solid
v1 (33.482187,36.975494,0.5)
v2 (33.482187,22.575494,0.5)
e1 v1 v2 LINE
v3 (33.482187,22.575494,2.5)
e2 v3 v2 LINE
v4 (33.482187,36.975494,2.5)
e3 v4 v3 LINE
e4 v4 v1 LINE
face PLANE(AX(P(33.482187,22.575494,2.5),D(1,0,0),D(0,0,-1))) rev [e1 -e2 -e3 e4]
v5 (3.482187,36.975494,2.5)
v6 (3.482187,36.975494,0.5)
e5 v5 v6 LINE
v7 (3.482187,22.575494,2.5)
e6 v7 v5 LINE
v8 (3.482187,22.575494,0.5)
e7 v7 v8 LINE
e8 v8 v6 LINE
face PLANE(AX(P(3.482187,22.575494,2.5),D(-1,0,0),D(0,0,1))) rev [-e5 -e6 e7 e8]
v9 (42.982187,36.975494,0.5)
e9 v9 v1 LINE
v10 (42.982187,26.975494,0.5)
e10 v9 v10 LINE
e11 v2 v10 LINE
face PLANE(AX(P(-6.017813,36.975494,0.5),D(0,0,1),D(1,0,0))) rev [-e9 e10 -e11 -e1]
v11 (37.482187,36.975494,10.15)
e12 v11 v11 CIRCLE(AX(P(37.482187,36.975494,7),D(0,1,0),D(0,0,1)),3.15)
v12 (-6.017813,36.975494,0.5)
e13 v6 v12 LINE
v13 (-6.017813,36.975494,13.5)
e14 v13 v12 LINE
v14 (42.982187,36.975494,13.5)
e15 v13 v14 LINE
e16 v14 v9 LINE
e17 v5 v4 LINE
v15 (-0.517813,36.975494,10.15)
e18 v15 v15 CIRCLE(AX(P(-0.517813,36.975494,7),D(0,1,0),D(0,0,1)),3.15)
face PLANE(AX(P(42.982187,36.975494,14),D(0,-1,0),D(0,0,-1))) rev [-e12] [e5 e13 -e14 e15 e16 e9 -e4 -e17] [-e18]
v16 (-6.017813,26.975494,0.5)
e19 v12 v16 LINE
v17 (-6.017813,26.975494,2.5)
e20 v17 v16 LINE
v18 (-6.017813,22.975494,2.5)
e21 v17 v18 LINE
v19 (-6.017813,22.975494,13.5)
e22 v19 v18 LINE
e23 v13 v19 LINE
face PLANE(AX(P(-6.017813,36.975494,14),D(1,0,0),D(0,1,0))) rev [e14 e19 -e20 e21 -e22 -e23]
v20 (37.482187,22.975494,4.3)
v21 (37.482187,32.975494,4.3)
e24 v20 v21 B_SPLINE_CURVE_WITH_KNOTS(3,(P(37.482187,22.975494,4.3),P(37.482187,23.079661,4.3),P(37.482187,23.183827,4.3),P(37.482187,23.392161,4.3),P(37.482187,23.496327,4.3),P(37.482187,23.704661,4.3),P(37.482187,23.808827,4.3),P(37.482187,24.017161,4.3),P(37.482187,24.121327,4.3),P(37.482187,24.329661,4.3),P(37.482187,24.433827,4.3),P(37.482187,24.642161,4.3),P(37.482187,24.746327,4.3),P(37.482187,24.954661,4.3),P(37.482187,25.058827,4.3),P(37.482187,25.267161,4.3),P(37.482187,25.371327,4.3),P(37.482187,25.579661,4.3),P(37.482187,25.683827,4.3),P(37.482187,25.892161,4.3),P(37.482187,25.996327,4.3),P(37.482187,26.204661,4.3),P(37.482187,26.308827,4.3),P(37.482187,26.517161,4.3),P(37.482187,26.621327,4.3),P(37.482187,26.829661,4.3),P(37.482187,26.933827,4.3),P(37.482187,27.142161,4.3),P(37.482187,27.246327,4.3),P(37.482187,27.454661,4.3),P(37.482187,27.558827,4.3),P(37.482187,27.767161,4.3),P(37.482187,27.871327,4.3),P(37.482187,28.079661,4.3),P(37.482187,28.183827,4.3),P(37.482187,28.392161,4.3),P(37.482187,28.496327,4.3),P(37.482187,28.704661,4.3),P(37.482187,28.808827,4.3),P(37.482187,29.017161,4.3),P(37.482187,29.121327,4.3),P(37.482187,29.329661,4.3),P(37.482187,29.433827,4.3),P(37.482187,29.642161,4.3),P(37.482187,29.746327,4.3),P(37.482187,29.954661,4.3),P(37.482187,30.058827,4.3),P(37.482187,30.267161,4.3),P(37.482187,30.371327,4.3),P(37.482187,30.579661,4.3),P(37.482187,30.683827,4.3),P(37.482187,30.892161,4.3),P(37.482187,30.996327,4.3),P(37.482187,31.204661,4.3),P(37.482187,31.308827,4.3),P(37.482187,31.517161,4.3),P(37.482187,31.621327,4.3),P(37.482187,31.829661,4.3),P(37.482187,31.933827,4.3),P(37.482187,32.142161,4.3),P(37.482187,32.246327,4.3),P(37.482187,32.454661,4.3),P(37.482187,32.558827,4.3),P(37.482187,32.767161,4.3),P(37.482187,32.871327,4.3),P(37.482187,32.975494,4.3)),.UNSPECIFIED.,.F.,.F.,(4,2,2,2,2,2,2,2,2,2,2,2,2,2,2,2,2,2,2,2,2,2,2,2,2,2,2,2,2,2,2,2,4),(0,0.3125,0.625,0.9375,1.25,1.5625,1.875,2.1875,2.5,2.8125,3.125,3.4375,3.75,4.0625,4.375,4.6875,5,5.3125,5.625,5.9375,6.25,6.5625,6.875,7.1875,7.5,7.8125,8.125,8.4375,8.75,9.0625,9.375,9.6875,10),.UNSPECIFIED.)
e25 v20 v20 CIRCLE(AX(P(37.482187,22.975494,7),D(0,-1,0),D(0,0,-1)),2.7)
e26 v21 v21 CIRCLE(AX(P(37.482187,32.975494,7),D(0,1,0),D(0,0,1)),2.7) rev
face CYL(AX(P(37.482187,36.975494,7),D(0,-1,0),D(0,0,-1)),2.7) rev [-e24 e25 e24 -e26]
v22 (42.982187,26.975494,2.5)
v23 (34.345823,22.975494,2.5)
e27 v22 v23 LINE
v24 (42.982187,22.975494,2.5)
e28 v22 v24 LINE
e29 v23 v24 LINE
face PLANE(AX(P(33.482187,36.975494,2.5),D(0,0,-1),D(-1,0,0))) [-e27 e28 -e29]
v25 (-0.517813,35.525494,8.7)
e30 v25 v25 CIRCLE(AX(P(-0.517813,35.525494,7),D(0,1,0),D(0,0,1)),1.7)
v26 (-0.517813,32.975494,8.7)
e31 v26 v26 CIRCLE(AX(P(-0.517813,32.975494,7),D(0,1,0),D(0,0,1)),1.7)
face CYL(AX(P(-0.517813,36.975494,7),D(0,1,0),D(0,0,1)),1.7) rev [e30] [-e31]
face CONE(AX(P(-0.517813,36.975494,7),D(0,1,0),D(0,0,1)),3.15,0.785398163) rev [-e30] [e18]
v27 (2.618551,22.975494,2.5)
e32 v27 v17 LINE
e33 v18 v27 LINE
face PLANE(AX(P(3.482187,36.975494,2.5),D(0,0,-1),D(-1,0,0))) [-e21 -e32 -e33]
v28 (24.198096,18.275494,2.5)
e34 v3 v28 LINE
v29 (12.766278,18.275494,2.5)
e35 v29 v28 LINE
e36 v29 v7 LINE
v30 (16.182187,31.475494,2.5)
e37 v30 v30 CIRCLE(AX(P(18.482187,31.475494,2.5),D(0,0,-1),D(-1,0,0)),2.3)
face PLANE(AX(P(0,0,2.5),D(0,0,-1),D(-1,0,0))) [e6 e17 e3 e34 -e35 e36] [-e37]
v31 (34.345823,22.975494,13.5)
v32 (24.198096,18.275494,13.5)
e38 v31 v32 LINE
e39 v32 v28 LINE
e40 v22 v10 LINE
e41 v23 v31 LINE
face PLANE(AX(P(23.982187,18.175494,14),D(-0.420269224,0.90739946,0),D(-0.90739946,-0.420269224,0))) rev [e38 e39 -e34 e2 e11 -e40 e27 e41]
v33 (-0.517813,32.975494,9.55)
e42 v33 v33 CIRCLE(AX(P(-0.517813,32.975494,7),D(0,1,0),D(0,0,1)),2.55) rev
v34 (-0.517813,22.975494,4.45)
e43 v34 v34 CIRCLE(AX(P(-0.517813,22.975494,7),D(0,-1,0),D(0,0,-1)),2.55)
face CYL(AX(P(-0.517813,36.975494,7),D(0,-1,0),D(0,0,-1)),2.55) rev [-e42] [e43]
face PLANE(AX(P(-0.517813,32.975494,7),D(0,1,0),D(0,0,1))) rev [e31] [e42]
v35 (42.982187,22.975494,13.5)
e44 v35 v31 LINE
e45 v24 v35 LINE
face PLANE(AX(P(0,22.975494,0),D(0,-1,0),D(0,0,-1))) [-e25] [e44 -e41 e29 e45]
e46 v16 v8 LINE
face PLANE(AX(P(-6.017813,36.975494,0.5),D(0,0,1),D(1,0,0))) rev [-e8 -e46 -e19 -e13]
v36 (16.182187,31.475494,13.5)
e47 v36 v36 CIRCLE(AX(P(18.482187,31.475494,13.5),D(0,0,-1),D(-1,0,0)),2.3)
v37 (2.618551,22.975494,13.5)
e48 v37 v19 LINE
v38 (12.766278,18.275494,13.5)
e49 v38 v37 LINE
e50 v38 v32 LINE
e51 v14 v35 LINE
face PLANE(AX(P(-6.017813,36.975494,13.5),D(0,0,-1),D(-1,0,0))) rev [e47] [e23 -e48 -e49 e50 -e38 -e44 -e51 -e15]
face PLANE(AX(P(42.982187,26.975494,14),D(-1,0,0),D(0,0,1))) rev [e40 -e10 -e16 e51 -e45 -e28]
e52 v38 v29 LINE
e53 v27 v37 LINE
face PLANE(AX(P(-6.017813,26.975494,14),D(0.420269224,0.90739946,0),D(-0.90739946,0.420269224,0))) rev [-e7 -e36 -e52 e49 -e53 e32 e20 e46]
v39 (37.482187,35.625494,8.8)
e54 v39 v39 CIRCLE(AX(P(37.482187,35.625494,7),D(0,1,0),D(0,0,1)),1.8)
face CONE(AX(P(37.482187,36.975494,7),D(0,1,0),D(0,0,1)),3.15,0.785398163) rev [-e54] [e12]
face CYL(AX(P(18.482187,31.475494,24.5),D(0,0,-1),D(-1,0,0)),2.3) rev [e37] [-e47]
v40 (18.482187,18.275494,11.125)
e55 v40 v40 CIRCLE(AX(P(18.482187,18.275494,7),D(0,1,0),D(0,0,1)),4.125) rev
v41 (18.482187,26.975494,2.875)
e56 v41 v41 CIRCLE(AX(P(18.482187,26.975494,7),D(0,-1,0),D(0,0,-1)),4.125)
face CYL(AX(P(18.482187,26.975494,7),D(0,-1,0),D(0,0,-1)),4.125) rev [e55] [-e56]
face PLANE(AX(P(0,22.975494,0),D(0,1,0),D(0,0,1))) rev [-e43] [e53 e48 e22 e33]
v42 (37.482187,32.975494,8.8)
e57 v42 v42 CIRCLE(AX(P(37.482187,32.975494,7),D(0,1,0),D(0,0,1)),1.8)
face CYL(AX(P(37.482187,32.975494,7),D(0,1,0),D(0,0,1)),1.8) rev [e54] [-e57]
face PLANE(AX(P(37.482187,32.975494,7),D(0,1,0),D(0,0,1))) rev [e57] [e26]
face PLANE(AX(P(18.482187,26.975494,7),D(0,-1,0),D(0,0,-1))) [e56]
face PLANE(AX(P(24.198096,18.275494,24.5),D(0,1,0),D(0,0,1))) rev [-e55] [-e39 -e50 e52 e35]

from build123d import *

# Parameters (mm, degrees)
BOSS_EXTRUDE1_DEPTH                             = 14
SKETCH3_R                                       = 4.125
CUT_EXTRUDE1_DEPTH                              = 8.8
SKETCH8_R                                       = 2.7
CUT_EXTRUDE3_DEPTH                              = 49.958231273
SKETCH11_W                                      = 49
SKETCH11_H                                      = 0.5
CUT_EXTRUDE6_DEPTH                              = 49.958231273
BOSS_EXTRUDE2_START                             = -4
SKETCH12_R                                      = 2.7
SKETCH12_R_2                                    = 1.5
SKETCH12_R_3                                    = 1.8
BOSS_EXTRUDE2_DEPTH                             = 4
CUT_EXTRUDE7_DEPTH                              = 2
BOSS_EXTRUDE3_START                             = 5
SKETCH18_R                                      = 2.7
SKETCH18_R_2                                    = 2.4
BOSS_EXTRUDE3_DEPTH                             = 5
SKETCH17_R                                      = 2.3
SKETCH17_W                                      = 11.431818182
SKETCH17_H                                      = 0.1
CUT_EXTRUDE8_DEPTH                              = 22
BOSS_EXTRUDE4_DEPTH                             = 4
BOSS_EXTRUDE4_DEPTH_BACK                        = 10
SKETCH20_W                                      = 9.5
SKETCH20_H                                      = 11
SKETCH20_R                                      = 2.7
SKETCH20_R_2                                    = 2.55
CUT_EXTRUDE9_START                              = -10
SKETCH21_R                                      = 2.55
SKETCH21_R_2                                    = 2.7
CUT_EXTRUDE9_DEPTH                              = 10
CSK_FOR_M3_FLAT_HEAD_MACHINE_SCREW1_D           = 3.4
CSK_FOR_M3_FLAT_HEAD_MACHINE_SCREW1_CSINK_D     = 6.3
CSK_FOR_M3_FLAT_HEAD_MACHINE_SCREW1_CSINK_ANGLE = 90


with BuildPart() as part:
    # Sketch2 → Boss-Extrude1 (new body)
    with BuildSketch(Plane.XY):
        Polygon((12.982187117, 18.175494031), (23.982187117, 18.175494031), (42.982187117, 26.975494031), (42.982187117, 36.975494031), (-6.017812883, 36.975494031), (-6.017812883, 26.975494031), align=None)
    extrude(amount=BOSS_EXTRUDE1_DEPTH)

    # Sketch3 → Cut-Extrude1 (cut)
    with BuildSketch(Plane.XZ.offset(-18.175494031)):
        with Locations(Location((18.482187117, 7, 0), (0, 0, 270))):
            Circle(SKETCH3_R)
    extrude(amount=-CUT_EXTRUDE1_DEPTH, mode=Mode.SUBTRACT)

    # Sketch8 → Cut-Extrude3 (cut, through all)
    with BuildSketch(Plane.XZ.offset(-18.175494031)):
        with Locations(Location((37.482187117, 7, 0), (0, 0, 270))):
            Circle(SKETCH8_R)
        with Locations(Location((-0.517812883, 7, 0), (0, 0, 270))):
            Circle(SKETCH8_R)
    extrude(amount=-CUT_EXTRUDE3_DEPTH, mode=Mode.SUBTRACT)

    # Sketch11 → Cut-Extrude6 (cut, through all)
    with BuildSketch(Plane.XZ.offset(-18.175494031)):
        with Locations((18.482187117, 13.75)):
            Rectangle(SKETCH11_W, SKETCH11_H)
        with Locations((18.482187117, 0.25)):
            Rectangle(SKETCH11_W, SKETCH11_H)
    extrude(amount=-CUT_EXTRUDE6_DEPTH, mode=Mode.SUBTRACT)

    # Sketch12 → Boss-Extrude2 (add)
    # profile 1 of 2: a face of its own
    with BuildSketch(Plane(origin=(0, 36.975494031, 0), x_dir=(1, 0, 0), z_dir=(0, 1, 0)).offset(BOSS_EXTRUDE2_START)):
        with Locations((-0.517812883, -7)):
            Circle(SKETCH12_R)
        with Locations(Location((-0.517812883, -7, 0), (0, 0, 270))):
            Circle(SKETCH12_R_2, mode=Mode.SUBTRACT)
    # profile 2 of 2: a face of its own
    with BuildSketch(Plane(origin=(0, 36.975494031, 0), x_dir=(1, 0, 0), z_dir=(0, 1, 0)).offset(BOSS_EXTRUDE2_START)):
        with Locations(Location((37.482187117, -7, 0), (0, 0, 180))):
            Circle(SKETCH12_R)
        with Locations(Location((37.482187117, -7, 0), (0, 0, 270))):
            Circle(SKETCH12_R_3, mode=Mode.SUBTRACT)
    extrude(amount=BOSS_EXTRUDE2_DEPTH)

    # Sketch15 → Cut-Extrude7 (cut)
    with BuildSketch(Plane(origin=(0, 0, 0.5), x_dir=(-1, 0, 0), z_dir=(0, 0, -1))):
        Polygon((-33.482187117, 22.575494031), (-33.482187117, 36.975494031), (-3.482187117, 36.975494031), (-3.482187117, 22.575494031), (-12.982187117, 18.175494031), (-23.982187117, 18.175494031), align=None)
    extrude(amount=-CUT_EXTRUDE7_DEPTH, mode=Mode.SUBTRACT)

    # Sketch18 → Boss-Extrude3 (add)
    # profile 1 of 2: a face of its own
    with BuildSketch(Plane.XZ.offset(-32.975494031).offset(BOSS_EXTRUDE3_START)):
        with Locations(Location((37.482187117, 7, 0), (0, 0, 270))):
            Circle(SKETCH18_R)
        with Locations(Location((37.482187117, 7, 0), (0, 0, 270))):
            Circle(SKETCH18_R_2, mode=Mode.SUBTRACT)
    # profile 2 of 2: a face of its own
    with BuildSketch(Plane.XZ.offset(-32.975494031).offset(BOSS_EXTRUDE3_START)):
        with Locations(Location((-0.517812883, 7, 0), (0, 0, 270))):
            Circle(SKETCH18_R)
        with Locations(Location((-0.517812883, 7, 0), (0, 0, 270))):
            Circle(SKETCH18_R_2, mode=Mode.SUBTRACT)
    extrude(amount=-BOSS_EXTRUDE3_DEPTH)

    # Sketch17 → Cut-Extrude8 (cut)
    with BuildSketch(Plane(origin=(0, 0, 2.5), x_dir=(-1, 0, 0), z_dir=(0, 0, -1))):
        with Locations((-18.482187117, 31.475494031)):
            Circle(SKETCH17_R)
        with Locations((-18.482187117, 18.225494031)):
            Rectangle(SKETCH17_W, SKETCH17_H)
    extrude(amount=-CUT_EXTRUDE8_DEPTH, mode=Mode.SUBTRACT)

    # Sketch20 → Boss-Extrude4 (add, two sides: drawn at the far end of the back side and taken through both)
    # profile 1 of 2: a face of its own
    with BuildSketch(Plane(origin=(0, 26.975494031, 0), x_dir=(-1, 0, 0), z_dir=(0, -1, 0)).offset(-BOSS_EXTRUDE4_DEPTH_BACK)):
        with Locations((-38.232187117, -8)):
            Rectangle(SKETCH20_W, SKETCH20_H)
        with Locations(Location((-37.482187117, -7, 0), (0, 0, 90))):
            Circle(SKETCH20_R, mode=Mode.SUBTRACT)
    # profile 2 of 2: a face of its own
    with BuildSketch(Plane(origin=(0, 26.975494031, 0), x_dir=(-1, 0, 0), z_dir=(0, -1, 0)).offset(-BOSS_EXTRUDE4_DEPTH_BACK)):
        with Locations((1.267812883, -8)):
            Rectangle(SKETCH20_W, SKETCH20_H)
        with Locations(Location((0.517812883, -7, 0), (0, 0, 90))):
            Circle(SKETCH20_R_2, mode=Mode.SUBTRACT)
    extrude(amount=BOSS_EXTRUDE4_DEPTH + BOSS_EXTRUDE4_DEPTH_BACK)

    # Sketch21 → Cut-Extrude9 (cut)
    with BuildSketch(Plane.XZ.offset(-22.975494031).offset(CUT_EXTRUDE9_START)):
        with Locations(Location((-0.517812883, 7, 0), (0, 0, 270))):
            Circle(SKETCH21_R)
        with Locations(Location((37.482187117, 7, 0), (0, 0, 270))):
            Circle(SKETCH21_R_2)
    extrude(amount=CUT_EXTRUDE9_DEPTH, mode=Mode.SUBTRACT)

    # CSK for M3 Flat Head Machine Screw1 (through all)
    with Locations(Plane(origin=(0, 36.975494031, 0), x_dir=(1, 0, 0), z_dir=(0, 1, 0))):
        with Locations((-0.517812883, -7), (37.482187117, -7)):
            CounterSinkHole(CSK_FOR_M3_FLAT_HEAD_MACHINE_SCREW1_D / 2, CSK_FOR_M3_FLAT_HEAD_MACHINE_SCREW1_CSINK_D / 2, counter_sink_angle=CSK_FOR_M3_FLAT_HEAD_MACHINE_SCREW1_CSINK_ANGLE)


solid = part.part
